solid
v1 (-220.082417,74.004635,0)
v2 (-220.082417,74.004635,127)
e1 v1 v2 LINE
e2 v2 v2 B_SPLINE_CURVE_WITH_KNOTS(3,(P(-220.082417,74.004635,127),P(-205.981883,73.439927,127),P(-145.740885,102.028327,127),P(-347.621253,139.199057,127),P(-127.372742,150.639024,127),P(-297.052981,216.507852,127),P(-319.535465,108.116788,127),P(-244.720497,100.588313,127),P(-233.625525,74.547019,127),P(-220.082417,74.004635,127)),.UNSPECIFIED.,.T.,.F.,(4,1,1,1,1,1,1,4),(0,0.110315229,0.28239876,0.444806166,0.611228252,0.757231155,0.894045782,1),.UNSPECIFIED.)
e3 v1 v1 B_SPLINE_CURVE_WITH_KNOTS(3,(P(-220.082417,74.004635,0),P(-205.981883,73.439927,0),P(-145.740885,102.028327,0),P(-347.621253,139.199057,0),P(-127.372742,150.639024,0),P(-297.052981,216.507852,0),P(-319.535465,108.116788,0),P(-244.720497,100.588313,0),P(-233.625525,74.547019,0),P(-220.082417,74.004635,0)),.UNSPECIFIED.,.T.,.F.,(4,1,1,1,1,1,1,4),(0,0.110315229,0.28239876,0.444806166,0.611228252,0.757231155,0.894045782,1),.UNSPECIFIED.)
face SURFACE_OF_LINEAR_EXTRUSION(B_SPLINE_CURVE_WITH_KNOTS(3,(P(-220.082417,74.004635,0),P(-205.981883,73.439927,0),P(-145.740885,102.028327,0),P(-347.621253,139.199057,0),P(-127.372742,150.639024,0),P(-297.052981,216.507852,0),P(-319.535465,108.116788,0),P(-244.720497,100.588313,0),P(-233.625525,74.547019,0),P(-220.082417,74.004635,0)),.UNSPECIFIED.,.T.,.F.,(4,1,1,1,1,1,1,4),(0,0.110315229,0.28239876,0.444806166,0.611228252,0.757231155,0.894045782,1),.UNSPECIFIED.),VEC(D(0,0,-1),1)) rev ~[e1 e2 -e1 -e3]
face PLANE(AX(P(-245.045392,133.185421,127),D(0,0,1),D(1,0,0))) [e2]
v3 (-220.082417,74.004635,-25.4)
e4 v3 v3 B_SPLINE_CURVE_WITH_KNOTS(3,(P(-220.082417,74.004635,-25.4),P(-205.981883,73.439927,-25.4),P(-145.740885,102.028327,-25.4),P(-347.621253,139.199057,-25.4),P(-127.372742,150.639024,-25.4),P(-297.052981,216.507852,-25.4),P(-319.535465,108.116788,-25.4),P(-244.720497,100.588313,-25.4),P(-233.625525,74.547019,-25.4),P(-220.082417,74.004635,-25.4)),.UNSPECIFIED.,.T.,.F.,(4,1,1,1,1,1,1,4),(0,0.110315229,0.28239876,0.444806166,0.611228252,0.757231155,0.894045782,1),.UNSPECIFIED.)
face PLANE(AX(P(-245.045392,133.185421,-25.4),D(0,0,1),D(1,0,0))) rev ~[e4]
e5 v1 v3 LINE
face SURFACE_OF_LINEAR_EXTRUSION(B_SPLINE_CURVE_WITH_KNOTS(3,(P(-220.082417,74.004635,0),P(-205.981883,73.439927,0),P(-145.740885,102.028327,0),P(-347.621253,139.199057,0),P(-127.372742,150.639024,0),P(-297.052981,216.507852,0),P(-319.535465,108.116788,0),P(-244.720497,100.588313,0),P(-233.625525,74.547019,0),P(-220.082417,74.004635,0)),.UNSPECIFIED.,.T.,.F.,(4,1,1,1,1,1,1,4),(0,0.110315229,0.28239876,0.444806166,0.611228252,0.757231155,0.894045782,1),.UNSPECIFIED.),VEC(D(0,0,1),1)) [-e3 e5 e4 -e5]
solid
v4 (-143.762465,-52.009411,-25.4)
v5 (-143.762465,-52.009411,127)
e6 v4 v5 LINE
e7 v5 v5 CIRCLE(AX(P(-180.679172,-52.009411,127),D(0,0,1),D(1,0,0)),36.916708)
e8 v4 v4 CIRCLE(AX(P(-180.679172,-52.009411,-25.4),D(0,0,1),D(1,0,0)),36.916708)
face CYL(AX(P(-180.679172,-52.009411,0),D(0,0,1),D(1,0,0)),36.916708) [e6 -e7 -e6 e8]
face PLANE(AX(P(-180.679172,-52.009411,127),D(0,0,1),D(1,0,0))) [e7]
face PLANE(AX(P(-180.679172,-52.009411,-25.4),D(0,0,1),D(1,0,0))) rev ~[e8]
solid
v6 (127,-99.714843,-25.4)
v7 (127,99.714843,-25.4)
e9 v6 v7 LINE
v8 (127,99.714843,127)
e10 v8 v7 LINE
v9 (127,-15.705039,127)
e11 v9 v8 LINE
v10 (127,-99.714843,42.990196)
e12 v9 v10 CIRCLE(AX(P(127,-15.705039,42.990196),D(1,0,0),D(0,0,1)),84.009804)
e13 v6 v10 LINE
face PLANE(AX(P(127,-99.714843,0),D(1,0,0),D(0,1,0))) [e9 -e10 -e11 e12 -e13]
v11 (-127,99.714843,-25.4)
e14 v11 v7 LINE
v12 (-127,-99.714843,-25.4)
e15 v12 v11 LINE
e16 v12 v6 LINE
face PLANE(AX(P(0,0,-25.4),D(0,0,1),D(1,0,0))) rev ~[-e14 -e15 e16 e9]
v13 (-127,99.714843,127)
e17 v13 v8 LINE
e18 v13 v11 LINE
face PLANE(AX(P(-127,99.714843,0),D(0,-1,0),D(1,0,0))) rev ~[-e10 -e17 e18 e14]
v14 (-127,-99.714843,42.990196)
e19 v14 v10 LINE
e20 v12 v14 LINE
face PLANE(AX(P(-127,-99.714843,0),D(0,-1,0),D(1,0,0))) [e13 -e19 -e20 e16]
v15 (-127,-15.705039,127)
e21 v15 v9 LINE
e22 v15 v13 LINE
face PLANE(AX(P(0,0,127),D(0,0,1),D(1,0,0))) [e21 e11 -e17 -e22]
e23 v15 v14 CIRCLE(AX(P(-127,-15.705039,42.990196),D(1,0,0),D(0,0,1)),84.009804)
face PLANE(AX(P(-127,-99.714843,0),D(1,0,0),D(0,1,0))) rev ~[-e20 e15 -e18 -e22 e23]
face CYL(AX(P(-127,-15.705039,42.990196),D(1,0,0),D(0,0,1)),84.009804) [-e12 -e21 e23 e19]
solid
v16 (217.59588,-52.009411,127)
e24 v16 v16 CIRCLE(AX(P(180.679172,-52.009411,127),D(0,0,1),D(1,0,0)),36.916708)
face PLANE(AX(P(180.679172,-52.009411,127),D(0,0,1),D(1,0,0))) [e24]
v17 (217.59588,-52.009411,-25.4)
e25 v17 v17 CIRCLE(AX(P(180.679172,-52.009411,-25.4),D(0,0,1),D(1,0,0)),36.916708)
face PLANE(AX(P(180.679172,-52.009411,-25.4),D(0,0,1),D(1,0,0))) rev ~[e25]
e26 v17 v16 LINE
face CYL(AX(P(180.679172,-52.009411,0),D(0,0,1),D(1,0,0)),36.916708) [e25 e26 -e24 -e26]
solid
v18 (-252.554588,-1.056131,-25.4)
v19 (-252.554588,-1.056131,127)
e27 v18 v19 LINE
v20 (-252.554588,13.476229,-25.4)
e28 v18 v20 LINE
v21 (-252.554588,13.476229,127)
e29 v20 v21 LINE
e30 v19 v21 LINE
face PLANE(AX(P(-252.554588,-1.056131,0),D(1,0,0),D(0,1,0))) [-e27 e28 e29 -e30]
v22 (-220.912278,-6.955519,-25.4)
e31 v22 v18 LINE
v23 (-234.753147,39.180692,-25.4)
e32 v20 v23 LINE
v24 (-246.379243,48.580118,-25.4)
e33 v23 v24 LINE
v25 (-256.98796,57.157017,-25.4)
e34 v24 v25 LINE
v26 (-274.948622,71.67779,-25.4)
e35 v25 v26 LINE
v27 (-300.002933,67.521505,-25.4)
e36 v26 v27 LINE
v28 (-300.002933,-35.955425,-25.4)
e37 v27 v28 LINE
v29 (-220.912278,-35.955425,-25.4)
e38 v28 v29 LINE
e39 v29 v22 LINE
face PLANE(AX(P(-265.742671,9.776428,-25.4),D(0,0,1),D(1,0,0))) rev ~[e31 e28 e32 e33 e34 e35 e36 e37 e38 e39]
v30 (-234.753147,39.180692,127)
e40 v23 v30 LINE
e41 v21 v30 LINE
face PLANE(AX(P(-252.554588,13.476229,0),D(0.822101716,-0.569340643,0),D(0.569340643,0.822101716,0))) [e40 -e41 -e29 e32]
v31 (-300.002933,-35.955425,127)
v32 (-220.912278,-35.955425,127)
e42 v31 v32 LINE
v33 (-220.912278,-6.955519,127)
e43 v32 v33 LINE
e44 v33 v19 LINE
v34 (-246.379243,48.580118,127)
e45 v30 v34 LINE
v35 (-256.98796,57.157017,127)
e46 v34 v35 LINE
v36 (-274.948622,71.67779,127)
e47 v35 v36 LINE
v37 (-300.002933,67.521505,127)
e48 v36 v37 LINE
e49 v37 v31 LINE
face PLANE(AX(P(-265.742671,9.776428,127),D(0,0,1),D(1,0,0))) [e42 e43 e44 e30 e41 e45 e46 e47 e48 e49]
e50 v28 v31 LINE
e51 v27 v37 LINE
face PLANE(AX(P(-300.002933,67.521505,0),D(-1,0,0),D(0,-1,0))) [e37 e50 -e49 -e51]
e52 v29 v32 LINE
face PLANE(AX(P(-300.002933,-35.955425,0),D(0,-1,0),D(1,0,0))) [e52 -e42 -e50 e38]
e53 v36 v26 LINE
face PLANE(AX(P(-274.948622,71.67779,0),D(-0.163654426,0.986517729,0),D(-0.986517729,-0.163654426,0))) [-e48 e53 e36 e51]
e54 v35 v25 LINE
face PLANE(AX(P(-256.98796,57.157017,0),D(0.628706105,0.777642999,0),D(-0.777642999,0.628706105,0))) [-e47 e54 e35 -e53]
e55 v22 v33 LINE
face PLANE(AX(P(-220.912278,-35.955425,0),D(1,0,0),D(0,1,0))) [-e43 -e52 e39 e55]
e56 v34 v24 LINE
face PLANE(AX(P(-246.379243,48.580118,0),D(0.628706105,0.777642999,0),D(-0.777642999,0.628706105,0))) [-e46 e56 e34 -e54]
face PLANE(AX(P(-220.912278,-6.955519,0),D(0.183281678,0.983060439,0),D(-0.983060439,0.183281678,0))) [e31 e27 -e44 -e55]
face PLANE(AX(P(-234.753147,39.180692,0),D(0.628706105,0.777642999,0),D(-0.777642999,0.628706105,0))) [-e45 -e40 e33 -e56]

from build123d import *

# Parameters (mm, degrees)
F0_W          = 254
F0_H          = 199.4296851301
F1_DEPTH      = 127
F1_DEPTH_BACK = 25.4
F0_R          = 36.9167076332
F2_R          = 84.0098035435


with BuildPart() as f1:
    # F0 (on Top) → F1 (new body, two sides)
    with BuildSketch(Plane.XY) as f1_sk:
        Rectangle(F0_W, F0_H)
    extrude(amount=F1_DEPTH)
    extrude(f1_sk.sketch, amount=-F1_DEPTH_BACK)

    # F2
    f2_edges = [f1.edges().sort_by_distance(p)[0] for p in [
        (0, -99.714843, 127),
    ]]
    fillet(f2_edges, radius=F2_R)


with BuildPart() as f1b:
    # F0 (on Top) → F1, piece 2 (new body, two sides)
    with BuildSketch(Plane.XY) as f1_2_sk:
        with Locations((180.6791722775, -52.0094111562)):
            Circle(F0_R)
    extrude(amount=F1_DEPTH)
    extrude(f1_2_sk.sketch, amount=-F1_DEPTH_BACK)


with BuildPart() as f1c:
    # F0 (on Top) → F1, piece 3 (new body, two sides)
    with BuildSketch(Plane.XY) as f1_3_sk:
        with Locations((-180.6791722775, -52.0094111562)):
            Circle(F0_R)
    extrude(amount=F1_DEPTH)
    extrude(f1_3_sk.sketch, amount=-F1_DEPTH_BACK)


with BuildPart() as f1d:
    # F0 (on Top) → F1, piece 4 (new body, two sides)
    with BuildSketch(Plane.XY) as f1_4_sk:
        Polygon((-274.9486218491, 71.6777900635), (-300.0029325485, 67.5215050578), (-300.0029325485, -35.9554253519), (-220.9122776985, -35.9554253519), (-220.9122776985, -6.9555193186), (-252.5545881445, -1.0561305223), (-252.5545881445, 13.4762292728), (-234.7531467676, 39.1806922853), (-246.3792434373, 48.5801184517), (-256.987960374, 57.157016993), align=None)
    extrude(amount=F1_DEPTH)
    extrude(f1_4_sk.sketch, amount=-F1_DEPTH_BACK)


with BuildPart() as f1e:
    # F0 (on Top) → F1, piece 5 (new body, two sides)
    with BuildSketch(Plane.XY) as f1_5_sk:
        with BuildLine():
            add(Edge.make_bspline(
                [(-220.0824171305, 74.0046352148), (-205.9818826777, 73.4399267701), (-145.7408846012, 102.0283265768), (-347.6212532898, 139.1990573584), (-127.3727419924, 150.6390244482), (-297.0529805617, 216.5078520611), (-319.5354649355, 108.1167875823), (-244.7204966602, 100.5883134621), (-233.6255254199, 74.5470194517), (-220.0824171305, 74.0046352148)],
                knots=[0, 0, 0, 0, 0.1103152291, 0.2823987599, 0.4448061661, 0.611228252, 0.7572311552, 0.8940457825, 1, 1, 1, 1], degree=3))
        make_face()
    extrude(amount=F1_DEPTH)
    extrude(f1_5_sk.sketch, amount=-F1_DEPTH_BACK)


solid = Compound([f1.part, f1b.part, f1c.part, f1d.part, f1e.part])
